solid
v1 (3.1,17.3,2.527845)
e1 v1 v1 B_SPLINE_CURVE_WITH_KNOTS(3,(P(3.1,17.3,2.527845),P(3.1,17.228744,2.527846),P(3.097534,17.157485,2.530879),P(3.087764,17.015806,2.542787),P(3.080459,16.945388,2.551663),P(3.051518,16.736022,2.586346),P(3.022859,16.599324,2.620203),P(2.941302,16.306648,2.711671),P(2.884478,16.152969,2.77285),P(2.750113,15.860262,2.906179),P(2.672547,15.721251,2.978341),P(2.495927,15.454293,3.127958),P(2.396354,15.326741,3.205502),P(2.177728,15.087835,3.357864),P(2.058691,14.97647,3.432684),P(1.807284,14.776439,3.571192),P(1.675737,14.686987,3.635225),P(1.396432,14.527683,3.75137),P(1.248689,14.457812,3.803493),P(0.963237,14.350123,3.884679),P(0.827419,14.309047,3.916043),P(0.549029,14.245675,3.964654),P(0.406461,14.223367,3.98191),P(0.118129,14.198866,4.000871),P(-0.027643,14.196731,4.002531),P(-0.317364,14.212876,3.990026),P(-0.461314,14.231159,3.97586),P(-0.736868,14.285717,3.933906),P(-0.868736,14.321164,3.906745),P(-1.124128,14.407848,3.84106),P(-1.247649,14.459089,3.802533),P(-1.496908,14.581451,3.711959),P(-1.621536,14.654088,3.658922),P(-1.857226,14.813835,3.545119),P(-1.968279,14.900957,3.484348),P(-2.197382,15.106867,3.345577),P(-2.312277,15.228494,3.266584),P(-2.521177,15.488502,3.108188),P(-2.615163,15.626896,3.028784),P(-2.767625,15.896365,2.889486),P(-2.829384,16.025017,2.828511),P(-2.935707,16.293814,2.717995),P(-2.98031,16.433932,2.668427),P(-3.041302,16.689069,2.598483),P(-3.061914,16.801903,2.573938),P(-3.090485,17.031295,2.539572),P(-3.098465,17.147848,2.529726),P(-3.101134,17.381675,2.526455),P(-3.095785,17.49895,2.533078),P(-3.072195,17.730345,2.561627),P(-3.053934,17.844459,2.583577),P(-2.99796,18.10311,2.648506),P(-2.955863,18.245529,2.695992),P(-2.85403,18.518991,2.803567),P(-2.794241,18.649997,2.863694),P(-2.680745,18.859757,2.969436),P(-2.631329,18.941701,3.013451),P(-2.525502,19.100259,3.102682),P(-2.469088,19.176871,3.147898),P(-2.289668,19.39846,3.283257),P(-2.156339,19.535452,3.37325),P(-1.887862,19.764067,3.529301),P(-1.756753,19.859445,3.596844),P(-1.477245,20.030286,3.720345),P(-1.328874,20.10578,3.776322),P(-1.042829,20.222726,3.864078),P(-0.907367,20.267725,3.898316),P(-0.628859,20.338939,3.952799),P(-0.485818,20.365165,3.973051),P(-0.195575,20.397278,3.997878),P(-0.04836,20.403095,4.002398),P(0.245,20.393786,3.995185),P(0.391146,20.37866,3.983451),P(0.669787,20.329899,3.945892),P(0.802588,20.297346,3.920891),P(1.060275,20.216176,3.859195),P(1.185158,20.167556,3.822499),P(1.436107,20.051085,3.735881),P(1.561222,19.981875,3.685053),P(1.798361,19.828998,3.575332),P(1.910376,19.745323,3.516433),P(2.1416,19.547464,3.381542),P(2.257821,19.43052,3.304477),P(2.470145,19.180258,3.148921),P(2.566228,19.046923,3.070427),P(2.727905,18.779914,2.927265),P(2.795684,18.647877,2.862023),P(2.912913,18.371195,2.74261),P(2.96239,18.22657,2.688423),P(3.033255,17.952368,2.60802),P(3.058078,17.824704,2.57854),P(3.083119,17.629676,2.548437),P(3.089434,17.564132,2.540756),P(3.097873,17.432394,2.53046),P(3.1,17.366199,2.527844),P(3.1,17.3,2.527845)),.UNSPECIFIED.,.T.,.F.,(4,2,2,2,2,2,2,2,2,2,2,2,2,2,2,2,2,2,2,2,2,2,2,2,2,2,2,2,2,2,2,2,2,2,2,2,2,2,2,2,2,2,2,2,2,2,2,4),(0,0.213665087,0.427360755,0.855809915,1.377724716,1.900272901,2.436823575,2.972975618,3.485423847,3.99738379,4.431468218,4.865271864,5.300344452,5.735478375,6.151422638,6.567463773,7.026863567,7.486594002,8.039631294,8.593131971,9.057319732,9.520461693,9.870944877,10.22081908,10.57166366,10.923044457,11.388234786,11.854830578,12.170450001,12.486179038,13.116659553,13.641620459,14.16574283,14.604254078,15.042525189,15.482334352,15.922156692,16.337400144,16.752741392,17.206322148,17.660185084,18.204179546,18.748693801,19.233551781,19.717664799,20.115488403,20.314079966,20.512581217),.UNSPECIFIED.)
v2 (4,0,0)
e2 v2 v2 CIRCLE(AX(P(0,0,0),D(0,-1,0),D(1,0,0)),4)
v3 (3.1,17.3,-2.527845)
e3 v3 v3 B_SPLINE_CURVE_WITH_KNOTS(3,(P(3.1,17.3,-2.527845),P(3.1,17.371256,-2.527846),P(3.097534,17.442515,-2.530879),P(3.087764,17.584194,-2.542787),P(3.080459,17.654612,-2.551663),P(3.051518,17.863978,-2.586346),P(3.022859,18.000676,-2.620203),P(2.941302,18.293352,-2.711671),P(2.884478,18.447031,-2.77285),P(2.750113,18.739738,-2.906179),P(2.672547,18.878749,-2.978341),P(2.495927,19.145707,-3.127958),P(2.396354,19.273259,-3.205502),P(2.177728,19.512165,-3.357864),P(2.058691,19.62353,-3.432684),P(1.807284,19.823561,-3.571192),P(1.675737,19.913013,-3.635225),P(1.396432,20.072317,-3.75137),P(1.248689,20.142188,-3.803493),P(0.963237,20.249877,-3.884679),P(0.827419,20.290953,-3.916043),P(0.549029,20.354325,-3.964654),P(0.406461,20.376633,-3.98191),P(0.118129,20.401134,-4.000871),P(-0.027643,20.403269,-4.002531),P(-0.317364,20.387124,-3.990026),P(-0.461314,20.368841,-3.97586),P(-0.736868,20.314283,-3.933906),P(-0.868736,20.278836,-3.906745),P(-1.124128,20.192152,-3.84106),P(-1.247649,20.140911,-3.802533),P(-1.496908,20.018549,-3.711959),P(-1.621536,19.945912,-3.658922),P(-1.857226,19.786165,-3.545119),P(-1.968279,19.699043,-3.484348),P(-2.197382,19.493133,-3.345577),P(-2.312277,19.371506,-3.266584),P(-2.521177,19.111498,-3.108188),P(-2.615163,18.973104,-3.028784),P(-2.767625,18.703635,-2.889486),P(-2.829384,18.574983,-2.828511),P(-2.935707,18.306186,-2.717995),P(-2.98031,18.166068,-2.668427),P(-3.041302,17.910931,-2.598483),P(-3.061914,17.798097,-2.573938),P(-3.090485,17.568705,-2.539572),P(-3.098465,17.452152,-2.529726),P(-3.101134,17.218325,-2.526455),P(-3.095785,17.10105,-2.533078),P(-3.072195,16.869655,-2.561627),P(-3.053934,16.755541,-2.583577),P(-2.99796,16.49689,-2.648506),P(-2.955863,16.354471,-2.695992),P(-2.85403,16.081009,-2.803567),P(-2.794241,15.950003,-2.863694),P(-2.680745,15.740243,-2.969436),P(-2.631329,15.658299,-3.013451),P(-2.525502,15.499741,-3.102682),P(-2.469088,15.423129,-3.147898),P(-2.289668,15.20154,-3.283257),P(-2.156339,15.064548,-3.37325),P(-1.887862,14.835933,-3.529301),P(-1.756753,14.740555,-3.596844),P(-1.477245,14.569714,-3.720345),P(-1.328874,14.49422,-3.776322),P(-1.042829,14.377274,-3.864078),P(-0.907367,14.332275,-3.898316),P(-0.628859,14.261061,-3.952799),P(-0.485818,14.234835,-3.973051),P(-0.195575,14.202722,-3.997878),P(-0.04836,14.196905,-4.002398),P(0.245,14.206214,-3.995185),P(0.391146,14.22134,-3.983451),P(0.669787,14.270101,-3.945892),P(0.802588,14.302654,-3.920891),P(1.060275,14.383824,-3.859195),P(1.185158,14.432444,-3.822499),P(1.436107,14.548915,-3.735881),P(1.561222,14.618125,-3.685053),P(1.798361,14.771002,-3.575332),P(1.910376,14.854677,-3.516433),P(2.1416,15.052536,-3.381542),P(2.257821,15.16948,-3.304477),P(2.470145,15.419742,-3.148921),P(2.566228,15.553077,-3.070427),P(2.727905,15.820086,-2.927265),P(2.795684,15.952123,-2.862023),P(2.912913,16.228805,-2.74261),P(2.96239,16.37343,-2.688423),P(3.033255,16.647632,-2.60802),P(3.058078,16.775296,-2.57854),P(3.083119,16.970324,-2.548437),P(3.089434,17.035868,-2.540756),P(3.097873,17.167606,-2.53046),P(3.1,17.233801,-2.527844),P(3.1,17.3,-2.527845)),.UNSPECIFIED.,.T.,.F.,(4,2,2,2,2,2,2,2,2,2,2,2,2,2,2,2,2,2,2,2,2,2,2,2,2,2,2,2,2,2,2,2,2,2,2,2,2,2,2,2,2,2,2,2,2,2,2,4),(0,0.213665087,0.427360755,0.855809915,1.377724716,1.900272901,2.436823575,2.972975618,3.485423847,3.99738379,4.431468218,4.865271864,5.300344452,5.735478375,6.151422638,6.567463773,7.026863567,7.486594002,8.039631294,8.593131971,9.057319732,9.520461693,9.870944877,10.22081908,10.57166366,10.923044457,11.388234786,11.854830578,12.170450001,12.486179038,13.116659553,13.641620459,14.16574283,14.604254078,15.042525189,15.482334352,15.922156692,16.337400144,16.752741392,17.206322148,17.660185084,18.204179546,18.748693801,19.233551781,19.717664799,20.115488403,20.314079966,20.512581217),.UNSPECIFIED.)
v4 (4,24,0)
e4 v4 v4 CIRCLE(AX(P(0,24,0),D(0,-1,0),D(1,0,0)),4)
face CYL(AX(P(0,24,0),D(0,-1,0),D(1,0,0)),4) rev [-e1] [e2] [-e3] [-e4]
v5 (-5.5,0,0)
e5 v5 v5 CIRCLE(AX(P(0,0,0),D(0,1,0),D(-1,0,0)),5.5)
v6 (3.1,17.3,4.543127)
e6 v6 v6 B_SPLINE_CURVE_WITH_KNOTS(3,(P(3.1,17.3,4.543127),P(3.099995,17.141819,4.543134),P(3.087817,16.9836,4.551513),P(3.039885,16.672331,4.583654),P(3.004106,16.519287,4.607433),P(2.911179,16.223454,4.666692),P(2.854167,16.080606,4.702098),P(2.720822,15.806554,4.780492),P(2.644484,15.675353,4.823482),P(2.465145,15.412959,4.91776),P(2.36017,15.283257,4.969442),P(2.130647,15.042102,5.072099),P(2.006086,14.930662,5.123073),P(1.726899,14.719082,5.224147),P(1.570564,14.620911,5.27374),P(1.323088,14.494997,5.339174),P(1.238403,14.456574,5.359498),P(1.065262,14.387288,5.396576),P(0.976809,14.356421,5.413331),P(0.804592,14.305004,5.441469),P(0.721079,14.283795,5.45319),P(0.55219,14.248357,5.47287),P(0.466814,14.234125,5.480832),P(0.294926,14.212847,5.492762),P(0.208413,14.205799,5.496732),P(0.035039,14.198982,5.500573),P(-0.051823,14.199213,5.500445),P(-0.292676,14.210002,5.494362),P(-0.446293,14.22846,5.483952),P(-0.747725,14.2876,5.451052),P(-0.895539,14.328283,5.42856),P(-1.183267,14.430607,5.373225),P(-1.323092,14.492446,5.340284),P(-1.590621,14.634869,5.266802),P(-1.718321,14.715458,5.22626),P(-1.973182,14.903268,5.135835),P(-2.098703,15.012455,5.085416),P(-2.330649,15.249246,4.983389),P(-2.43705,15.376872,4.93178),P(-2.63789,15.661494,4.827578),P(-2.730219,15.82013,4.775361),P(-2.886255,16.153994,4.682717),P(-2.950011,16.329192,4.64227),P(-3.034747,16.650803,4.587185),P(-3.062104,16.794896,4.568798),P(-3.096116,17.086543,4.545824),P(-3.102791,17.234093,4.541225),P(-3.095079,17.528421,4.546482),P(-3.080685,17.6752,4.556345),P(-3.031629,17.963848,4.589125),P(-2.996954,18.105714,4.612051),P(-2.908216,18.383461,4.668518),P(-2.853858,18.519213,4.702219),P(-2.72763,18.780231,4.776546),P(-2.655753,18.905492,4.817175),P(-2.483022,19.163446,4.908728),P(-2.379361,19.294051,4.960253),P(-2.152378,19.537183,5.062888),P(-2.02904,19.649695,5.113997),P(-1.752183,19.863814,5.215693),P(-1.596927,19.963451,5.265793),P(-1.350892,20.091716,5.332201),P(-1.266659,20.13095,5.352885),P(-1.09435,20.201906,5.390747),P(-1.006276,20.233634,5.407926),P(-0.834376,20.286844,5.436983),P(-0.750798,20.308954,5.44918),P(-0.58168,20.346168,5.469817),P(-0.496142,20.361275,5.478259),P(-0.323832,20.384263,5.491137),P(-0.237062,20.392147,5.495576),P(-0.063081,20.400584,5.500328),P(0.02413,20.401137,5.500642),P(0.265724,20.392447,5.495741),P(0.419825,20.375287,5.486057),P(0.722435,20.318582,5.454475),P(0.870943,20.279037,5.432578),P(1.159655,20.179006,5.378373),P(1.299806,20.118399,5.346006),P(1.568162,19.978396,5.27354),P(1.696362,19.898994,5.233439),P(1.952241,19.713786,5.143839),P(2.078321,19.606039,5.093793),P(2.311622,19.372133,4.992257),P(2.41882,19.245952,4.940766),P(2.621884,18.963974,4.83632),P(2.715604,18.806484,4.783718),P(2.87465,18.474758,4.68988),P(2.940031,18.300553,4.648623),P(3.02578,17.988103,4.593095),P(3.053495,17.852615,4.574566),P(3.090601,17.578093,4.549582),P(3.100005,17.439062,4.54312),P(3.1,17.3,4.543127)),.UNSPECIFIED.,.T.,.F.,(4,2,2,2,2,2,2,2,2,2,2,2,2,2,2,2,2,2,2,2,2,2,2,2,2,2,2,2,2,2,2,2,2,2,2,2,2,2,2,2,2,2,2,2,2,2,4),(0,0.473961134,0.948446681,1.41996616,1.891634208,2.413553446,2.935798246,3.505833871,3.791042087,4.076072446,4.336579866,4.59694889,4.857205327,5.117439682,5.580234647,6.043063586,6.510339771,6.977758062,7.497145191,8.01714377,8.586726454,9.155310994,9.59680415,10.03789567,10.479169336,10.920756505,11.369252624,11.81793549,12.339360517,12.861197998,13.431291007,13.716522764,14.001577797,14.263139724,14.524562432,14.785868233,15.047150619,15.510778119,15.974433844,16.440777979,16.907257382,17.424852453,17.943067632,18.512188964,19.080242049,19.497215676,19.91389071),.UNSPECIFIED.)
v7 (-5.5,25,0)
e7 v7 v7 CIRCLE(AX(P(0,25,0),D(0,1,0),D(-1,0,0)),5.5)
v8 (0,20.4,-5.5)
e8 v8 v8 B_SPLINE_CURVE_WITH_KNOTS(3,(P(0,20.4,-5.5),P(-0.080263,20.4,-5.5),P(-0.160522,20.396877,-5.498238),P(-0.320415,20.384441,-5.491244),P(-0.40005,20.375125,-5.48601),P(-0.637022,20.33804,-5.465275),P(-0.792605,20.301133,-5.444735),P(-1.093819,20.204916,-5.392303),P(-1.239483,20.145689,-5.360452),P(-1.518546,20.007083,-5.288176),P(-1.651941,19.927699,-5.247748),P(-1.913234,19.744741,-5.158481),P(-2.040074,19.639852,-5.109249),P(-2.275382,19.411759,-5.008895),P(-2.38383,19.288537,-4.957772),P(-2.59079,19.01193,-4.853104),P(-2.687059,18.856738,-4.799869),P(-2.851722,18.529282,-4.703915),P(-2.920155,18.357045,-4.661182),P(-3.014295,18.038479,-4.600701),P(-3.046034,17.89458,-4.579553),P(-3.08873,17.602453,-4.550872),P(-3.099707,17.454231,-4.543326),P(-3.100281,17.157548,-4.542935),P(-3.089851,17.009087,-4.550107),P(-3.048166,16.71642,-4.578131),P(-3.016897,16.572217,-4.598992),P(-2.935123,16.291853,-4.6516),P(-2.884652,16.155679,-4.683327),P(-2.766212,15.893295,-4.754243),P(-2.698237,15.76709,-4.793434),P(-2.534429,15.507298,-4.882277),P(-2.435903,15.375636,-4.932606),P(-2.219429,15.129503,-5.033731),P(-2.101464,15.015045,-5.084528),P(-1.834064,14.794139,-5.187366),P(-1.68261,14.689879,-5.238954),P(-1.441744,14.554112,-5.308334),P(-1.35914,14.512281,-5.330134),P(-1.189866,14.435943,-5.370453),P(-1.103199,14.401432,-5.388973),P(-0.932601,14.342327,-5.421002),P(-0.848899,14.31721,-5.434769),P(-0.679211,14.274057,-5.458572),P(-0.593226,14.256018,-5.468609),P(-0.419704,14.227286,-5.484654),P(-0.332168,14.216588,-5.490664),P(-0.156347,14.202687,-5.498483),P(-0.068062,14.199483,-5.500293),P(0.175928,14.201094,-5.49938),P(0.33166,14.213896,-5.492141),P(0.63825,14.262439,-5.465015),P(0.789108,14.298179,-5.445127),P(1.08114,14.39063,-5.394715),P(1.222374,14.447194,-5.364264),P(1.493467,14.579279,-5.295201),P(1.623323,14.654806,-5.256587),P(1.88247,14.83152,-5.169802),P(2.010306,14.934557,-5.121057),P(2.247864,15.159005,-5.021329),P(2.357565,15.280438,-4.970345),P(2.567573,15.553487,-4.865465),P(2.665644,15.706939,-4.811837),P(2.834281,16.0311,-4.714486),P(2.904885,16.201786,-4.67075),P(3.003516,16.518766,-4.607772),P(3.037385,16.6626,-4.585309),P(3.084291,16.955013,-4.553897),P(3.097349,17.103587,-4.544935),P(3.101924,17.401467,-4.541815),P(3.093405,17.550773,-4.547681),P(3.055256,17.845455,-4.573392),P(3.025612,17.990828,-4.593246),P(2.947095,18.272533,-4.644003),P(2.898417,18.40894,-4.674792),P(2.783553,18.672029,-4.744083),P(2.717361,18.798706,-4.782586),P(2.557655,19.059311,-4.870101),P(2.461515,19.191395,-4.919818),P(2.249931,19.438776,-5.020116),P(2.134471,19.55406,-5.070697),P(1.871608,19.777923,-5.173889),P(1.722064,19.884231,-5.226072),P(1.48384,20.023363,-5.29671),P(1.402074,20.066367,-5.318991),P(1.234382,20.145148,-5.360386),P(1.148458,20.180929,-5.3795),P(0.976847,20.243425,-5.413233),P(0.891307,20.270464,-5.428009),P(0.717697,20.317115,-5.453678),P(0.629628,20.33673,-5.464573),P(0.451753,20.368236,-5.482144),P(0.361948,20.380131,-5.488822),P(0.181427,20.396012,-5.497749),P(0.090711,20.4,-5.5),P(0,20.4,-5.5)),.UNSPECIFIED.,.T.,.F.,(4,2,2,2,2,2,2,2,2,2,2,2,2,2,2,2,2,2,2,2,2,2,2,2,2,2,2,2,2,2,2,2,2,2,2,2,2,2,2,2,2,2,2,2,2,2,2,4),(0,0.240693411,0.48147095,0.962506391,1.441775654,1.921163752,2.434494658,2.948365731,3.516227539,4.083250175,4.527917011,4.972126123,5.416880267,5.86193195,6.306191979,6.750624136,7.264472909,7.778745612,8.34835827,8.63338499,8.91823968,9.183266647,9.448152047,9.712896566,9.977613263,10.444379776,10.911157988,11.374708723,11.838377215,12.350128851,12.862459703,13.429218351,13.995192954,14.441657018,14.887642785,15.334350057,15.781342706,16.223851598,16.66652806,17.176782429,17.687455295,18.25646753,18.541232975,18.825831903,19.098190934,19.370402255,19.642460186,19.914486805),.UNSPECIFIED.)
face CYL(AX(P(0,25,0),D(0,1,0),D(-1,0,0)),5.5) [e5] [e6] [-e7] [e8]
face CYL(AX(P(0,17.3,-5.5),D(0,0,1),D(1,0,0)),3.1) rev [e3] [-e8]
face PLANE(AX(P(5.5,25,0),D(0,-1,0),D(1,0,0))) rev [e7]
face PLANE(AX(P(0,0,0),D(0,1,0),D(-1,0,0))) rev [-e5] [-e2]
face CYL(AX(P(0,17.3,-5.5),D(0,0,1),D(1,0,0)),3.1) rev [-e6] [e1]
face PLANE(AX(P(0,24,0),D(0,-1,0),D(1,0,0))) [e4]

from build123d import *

# Parameters (mm, degrees)
SKETCH_1_W               = 5.5
SKETCH_1_H               = 25
CUT_EXTRUDE_1_DEPTH      = 27.182054923
CUT_EXTRUDE_1_DEPTH_BACK = 27.182054923
SKETCH_3_R               = 3.1
SKETCH_4_R               = 4
CUT_EXTRUDE_2_DEPTH      = 24


with BuildPart() as part:
    # 草图1 → 旋转1 (revolve)
    with BuildSketch(Plane.XY, mode=Mode.PRIVATE) as revolve_1_sk:
        with Locations((2.75, 12.5)):
            Rectangle(SKETCH_1_W, SKETCH_1_H)
    revolve(revolve_1_sk.sketch.rotate(Axis((0, 25, 0), (0, 1, 0)), 180), axis=Axis((0, 25, 0), (0, 1, 0)))

    # 草图3 → 切除-拉伸1 (cut, two sides: drawn at the far end of the back side and taken through both)
    with BuildSketch(Plane.XY.offset(-CUT_EXTRUDE_1_DEPTH_BACK)):
        with Locations((0, 17.3)):
            Circle(SKETCH_3_R)
    extrude(amount=CUT_EXTRUDE_1_DEPTH + CUT_EXTRUDE_1_DEPTH_BACK, mode=Mode.SUBTRACT)

    # 草图4 → 切除-拉伸2 (cut)
    with BuildSketch(Plane.XZ):
        Circle(SKETCH_4_R)
    extrude(amount=-CUT_EXTRUDE_2_DEPTH, mode=Mode.SUBTRACT)


solid = part.part
